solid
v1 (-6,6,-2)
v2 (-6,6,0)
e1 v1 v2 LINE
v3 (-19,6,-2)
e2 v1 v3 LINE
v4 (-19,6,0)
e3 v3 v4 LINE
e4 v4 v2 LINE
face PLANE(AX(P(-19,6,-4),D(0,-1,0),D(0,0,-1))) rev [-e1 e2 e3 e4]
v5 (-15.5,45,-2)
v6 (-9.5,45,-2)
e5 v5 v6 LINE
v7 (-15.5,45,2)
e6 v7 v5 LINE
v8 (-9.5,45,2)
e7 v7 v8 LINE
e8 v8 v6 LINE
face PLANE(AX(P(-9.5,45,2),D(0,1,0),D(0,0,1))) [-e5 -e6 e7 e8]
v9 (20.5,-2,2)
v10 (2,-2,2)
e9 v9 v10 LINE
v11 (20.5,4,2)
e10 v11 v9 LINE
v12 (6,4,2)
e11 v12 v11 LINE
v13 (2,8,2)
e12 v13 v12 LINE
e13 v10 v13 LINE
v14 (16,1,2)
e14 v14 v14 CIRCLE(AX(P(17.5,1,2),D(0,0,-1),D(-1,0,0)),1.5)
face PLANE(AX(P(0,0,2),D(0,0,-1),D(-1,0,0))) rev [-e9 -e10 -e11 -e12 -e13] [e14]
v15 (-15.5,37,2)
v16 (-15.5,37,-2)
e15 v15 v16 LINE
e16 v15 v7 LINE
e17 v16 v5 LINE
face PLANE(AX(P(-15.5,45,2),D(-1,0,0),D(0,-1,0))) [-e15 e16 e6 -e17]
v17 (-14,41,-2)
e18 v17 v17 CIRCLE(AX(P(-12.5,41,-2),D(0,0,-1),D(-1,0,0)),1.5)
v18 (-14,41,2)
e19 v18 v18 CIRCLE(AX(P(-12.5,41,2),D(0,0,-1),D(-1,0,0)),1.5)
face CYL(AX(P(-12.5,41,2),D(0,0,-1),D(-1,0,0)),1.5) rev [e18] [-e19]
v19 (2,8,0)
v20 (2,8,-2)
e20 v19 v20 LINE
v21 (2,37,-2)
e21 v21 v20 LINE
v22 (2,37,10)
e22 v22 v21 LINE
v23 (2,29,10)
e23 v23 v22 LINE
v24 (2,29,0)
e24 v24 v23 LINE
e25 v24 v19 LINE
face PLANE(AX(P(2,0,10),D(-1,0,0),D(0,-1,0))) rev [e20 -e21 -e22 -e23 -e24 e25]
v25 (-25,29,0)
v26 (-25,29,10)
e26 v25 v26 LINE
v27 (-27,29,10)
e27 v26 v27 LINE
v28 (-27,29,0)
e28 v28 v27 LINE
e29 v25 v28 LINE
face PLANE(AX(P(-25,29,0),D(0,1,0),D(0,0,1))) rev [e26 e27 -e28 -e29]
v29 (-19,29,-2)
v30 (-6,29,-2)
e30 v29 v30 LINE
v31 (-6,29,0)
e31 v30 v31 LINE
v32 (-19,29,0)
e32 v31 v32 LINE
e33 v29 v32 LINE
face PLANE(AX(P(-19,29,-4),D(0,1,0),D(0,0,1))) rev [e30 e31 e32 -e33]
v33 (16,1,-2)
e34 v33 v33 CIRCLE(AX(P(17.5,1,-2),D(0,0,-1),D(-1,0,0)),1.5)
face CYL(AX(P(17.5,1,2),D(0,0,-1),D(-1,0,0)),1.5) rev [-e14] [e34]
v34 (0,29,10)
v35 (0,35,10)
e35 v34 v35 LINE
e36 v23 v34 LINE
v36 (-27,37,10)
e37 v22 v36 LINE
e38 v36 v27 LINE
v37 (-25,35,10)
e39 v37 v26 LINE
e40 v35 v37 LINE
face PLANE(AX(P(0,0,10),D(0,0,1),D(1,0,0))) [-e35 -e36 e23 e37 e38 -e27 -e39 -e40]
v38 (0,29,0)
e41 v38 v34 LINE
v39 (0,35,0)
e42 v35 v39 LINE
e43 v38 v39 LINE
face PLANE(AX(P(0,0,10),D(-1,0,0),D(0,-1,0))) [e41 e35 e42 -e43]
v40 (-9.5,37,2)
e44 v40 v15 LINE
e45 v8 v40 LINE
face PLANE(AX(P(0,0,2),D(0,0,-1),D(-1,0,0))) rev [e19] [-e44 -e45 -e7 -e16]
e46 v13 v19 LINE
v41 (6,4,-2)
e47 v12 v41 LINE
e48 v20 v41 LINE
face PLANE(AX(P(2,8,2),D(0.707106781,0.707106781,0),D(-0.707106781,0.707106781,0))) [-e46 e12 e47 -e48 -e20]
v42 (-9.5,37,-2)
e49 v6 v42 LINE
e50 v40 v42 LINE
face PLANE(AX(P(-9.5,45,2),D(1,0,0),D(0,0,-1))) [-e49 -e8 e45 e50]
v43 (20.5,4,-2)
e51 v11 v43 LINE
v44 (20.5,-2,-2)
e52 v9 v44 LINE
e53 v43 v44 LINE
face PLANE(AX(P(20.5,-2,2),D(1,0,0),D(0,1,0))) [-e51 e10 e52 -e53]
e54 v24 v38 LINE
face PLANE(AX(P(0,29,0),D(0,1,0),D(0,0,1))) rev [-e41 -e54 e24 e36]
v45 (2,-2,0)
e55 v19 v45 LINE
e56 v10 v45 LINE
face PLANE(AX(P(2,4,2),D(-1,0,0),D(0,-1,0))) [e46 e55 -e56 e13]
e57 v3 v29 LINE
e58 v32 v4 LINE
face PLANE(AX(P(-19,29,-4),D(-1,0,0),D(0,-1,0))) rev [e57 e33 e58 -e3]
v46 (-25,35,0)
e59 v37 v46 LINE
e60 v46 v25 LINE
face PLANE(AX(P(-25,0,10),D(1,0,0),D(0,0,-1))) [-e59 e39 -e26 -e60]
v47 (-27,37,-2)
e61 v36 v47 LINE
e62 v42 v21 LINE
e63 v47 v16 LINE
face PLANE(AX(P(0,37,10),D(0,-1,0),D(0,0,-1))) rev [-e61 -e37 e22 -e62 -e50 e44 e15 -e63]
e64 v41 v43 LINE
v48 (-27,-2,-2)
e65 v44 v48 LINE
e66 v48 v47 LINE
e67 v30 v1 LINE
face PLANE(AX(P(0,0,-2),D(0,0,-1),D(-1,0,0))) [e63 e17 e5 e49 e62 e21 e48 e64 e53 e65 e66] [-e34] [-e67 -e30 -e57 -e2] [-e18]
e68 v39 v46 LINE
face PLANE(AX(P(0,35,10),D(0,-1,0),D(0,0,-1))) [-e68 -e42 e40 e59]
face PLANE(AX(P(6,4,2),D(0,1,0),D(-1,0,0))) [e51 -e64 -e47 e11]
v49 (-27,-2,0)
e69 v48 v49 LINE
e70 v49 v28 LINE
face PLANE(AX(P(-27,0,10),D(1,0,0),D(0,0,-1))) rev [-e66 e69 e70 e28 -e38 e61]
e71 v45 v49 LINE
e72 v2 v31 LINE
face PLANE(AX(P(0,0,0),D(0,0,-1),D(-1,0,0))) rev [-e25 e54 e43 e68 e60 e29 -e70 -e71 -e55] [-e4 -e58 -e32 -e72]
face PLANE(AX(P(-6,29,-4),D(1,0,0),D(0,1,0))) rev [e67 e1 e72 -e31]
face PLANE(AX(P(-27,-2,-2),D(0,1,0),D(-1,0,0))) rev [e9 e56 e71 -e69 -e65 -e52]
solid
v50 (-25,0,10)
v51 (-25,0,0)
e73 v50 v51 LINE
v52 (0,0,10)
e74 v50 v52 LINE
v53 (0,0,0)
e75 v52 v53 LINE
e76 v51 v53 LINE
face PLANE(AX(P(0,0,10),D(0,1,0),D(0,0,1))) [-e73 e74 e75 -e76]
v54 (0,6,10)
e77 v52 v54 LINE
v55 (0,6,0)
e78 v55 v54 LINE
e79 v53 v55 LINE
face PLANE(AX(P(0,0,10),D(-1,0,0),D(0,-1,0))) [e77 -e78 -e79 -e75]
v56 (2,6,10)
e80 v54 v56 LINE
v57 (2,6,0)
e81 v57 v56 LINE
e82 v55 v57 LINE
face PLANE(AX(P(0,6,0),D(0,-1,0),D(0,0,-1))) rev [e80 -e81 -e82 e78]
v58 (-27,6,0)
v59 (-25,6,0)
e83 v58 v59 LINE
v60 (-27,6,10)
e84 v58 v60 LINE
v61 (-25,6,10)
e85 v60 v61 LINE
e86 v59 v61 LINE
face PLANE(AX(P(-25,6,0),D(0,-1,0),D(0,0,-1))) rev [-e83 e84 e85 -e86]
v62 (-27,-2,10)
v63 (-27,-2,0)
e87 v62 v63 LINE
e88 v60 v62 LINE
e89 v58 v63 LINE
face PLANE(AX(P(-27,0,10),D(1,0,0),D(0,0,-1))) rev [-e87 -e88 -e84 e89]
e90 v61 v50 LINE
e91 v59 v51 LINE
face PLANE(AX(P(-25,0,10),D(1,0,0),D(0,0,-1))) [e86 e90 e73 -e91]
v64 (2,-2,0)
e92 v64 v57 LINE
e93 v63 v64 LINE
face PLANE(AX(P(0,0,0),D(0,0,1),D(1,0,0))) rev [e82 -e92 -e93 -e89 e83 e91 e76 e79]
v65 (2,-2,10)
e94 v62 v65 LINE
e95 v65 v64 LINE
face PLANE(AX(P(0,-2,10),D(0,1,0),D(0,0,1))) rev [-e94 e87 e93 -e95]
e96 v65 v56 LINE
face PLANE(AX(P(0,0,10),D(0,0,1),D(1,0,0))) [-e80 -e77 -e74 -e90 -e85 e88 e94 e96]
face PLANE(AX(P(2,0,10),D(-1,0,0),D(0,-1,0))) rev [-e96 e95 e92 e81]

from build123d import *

# Parameters (mm, degrees)
SKETCH_1_W          = 29
SKETCH_1_H          = 39
SKETCH_1_W_2        = 25
SKETCH_1_H_2        = 35
EXTRUDE_1_DEPTH     = 10
SKETCH_4_W          = 2
SKETCH_4_H          = 23
CUT_EXTRUDE_2_DEPTH = 10
SKETCH_5_W          = 29
SKETCH_5_H          = 39
EXTRUDE_1_2_DEPTH   = 2
SKETCH_7_W          = 6
SKETCH_7_H          = 8
SKETCH_7_R          = 1.5
EXTRUDE_2_DEPTH     = 4
SKETCH_9_W          = 13
SKETCH_9_H          = 23
CUT_EXTRUDE_3_DEPTH = 4


with BuildPart() as part:
    # 草图1 → Extrude 1 (new body)
    with BuildSketch(Plane.XY):
        with Locations((-12.5, 17.5)):
            Rectangle(SKETCH_1_W, SKETCH_1_H)
        with Locations((-12.5, 17.5)):
            Rectangle(SKETCH_1_W_2, SKETCH_1_H_2, mode=Mode.SUBTRACT)
    extrude(amount=EXTRUDE_1_DEPTH)

    # 草图4 → 切除-拉伸2 (cut)
    with BuildSketch(Plane.XY.offset(10)):
        with Locations((1, 17.5)):
            Rectangle(SKETCH_4_W, SKETCH_4_H)
        with Locations((-26, 17.5)):
            Rectangle(SKETCH_4_W, SKETCH_4_H)
    extrude(amount=-CUT_EXTRUDE_2_DEPTH, mode=Mode.SUBTRACT)


with BuildPart() as cut_extrude_2_piece_1:
    # of the separate pieces the step leaves, piece 1, a body of its own (cut_extrude_2_pieces)
    add(part.part.solids().sort_by_distance((-27, 37, 0))[0])

    # 草图5 → Extrude 1 2 (add)
    with BuildSketch(Plane(origin=(0, 0, 0), x_dir=(-1, 0, 0), z_dir=(0, 0, -1))):
        with Locations((12.5, 17.5)):
            Rectangle(SKETCH_5_W, SKETCH_5_H)
    extrude(amount=EXTRUDE_1_2_DEPTH)

    # 草图7 → 凸台-拉伸2 (add)
    # profile 1 of 2: a face of its own
    with BuildSketch(Plane(origin=(0, 0, -2), x_dir=(-1, 0, 0), z_dir=(0, 0, -1))):
        with Locations((12.5, 41)):
            Rectangle(SKETCH_7_W, SKETCH_7_H)
        with Locations((12.5, 41)):
            Circle(SKETCH_7_R, mode=Mode.SUBTRACT)
    # profile 2 of 2: a face of its own
    with BuildSketch(Plane(origin=(0, 0, -2), x_dir=(-1, 0, 0), z_dir=(0, 0, -1))):
        Polygon((-2, 4), (-2, 8), (-6, 4), (-20.5, 4), (-20.5, -2), (-2, -2), align=None)
        with Locations((-17.5, 1)):
            Circle(SKETCH_7_R, mode=Mode.SUBTRACT)
    extrude(amount=-EXTRUDE_2_DEPTH)

    # 草图9 → 切除-拉伸3 (cut)
    with BuildSketch(Plane.XY):
        with Locations((-12.5, 17.5)):
            Rectangle(SKETCH_9_W, SKETCH_9_H)
    extrude(amount=-CUT_EXTRUDE_3_DEPTH, mode=Mode.SUBTRACT)


with BuildPart() as cut_extrude_2_piece_2:
    # of the separate pieces the step leaves, piece 2, a body of its own (cut_extrude_2_pieces)
    add(part.part.solids().sort_by_distance((-27, -2, 0))[0])


solid = Compound([cut_extrude_2_piece_1.part, cut_extrude_2_piece_2.part])
